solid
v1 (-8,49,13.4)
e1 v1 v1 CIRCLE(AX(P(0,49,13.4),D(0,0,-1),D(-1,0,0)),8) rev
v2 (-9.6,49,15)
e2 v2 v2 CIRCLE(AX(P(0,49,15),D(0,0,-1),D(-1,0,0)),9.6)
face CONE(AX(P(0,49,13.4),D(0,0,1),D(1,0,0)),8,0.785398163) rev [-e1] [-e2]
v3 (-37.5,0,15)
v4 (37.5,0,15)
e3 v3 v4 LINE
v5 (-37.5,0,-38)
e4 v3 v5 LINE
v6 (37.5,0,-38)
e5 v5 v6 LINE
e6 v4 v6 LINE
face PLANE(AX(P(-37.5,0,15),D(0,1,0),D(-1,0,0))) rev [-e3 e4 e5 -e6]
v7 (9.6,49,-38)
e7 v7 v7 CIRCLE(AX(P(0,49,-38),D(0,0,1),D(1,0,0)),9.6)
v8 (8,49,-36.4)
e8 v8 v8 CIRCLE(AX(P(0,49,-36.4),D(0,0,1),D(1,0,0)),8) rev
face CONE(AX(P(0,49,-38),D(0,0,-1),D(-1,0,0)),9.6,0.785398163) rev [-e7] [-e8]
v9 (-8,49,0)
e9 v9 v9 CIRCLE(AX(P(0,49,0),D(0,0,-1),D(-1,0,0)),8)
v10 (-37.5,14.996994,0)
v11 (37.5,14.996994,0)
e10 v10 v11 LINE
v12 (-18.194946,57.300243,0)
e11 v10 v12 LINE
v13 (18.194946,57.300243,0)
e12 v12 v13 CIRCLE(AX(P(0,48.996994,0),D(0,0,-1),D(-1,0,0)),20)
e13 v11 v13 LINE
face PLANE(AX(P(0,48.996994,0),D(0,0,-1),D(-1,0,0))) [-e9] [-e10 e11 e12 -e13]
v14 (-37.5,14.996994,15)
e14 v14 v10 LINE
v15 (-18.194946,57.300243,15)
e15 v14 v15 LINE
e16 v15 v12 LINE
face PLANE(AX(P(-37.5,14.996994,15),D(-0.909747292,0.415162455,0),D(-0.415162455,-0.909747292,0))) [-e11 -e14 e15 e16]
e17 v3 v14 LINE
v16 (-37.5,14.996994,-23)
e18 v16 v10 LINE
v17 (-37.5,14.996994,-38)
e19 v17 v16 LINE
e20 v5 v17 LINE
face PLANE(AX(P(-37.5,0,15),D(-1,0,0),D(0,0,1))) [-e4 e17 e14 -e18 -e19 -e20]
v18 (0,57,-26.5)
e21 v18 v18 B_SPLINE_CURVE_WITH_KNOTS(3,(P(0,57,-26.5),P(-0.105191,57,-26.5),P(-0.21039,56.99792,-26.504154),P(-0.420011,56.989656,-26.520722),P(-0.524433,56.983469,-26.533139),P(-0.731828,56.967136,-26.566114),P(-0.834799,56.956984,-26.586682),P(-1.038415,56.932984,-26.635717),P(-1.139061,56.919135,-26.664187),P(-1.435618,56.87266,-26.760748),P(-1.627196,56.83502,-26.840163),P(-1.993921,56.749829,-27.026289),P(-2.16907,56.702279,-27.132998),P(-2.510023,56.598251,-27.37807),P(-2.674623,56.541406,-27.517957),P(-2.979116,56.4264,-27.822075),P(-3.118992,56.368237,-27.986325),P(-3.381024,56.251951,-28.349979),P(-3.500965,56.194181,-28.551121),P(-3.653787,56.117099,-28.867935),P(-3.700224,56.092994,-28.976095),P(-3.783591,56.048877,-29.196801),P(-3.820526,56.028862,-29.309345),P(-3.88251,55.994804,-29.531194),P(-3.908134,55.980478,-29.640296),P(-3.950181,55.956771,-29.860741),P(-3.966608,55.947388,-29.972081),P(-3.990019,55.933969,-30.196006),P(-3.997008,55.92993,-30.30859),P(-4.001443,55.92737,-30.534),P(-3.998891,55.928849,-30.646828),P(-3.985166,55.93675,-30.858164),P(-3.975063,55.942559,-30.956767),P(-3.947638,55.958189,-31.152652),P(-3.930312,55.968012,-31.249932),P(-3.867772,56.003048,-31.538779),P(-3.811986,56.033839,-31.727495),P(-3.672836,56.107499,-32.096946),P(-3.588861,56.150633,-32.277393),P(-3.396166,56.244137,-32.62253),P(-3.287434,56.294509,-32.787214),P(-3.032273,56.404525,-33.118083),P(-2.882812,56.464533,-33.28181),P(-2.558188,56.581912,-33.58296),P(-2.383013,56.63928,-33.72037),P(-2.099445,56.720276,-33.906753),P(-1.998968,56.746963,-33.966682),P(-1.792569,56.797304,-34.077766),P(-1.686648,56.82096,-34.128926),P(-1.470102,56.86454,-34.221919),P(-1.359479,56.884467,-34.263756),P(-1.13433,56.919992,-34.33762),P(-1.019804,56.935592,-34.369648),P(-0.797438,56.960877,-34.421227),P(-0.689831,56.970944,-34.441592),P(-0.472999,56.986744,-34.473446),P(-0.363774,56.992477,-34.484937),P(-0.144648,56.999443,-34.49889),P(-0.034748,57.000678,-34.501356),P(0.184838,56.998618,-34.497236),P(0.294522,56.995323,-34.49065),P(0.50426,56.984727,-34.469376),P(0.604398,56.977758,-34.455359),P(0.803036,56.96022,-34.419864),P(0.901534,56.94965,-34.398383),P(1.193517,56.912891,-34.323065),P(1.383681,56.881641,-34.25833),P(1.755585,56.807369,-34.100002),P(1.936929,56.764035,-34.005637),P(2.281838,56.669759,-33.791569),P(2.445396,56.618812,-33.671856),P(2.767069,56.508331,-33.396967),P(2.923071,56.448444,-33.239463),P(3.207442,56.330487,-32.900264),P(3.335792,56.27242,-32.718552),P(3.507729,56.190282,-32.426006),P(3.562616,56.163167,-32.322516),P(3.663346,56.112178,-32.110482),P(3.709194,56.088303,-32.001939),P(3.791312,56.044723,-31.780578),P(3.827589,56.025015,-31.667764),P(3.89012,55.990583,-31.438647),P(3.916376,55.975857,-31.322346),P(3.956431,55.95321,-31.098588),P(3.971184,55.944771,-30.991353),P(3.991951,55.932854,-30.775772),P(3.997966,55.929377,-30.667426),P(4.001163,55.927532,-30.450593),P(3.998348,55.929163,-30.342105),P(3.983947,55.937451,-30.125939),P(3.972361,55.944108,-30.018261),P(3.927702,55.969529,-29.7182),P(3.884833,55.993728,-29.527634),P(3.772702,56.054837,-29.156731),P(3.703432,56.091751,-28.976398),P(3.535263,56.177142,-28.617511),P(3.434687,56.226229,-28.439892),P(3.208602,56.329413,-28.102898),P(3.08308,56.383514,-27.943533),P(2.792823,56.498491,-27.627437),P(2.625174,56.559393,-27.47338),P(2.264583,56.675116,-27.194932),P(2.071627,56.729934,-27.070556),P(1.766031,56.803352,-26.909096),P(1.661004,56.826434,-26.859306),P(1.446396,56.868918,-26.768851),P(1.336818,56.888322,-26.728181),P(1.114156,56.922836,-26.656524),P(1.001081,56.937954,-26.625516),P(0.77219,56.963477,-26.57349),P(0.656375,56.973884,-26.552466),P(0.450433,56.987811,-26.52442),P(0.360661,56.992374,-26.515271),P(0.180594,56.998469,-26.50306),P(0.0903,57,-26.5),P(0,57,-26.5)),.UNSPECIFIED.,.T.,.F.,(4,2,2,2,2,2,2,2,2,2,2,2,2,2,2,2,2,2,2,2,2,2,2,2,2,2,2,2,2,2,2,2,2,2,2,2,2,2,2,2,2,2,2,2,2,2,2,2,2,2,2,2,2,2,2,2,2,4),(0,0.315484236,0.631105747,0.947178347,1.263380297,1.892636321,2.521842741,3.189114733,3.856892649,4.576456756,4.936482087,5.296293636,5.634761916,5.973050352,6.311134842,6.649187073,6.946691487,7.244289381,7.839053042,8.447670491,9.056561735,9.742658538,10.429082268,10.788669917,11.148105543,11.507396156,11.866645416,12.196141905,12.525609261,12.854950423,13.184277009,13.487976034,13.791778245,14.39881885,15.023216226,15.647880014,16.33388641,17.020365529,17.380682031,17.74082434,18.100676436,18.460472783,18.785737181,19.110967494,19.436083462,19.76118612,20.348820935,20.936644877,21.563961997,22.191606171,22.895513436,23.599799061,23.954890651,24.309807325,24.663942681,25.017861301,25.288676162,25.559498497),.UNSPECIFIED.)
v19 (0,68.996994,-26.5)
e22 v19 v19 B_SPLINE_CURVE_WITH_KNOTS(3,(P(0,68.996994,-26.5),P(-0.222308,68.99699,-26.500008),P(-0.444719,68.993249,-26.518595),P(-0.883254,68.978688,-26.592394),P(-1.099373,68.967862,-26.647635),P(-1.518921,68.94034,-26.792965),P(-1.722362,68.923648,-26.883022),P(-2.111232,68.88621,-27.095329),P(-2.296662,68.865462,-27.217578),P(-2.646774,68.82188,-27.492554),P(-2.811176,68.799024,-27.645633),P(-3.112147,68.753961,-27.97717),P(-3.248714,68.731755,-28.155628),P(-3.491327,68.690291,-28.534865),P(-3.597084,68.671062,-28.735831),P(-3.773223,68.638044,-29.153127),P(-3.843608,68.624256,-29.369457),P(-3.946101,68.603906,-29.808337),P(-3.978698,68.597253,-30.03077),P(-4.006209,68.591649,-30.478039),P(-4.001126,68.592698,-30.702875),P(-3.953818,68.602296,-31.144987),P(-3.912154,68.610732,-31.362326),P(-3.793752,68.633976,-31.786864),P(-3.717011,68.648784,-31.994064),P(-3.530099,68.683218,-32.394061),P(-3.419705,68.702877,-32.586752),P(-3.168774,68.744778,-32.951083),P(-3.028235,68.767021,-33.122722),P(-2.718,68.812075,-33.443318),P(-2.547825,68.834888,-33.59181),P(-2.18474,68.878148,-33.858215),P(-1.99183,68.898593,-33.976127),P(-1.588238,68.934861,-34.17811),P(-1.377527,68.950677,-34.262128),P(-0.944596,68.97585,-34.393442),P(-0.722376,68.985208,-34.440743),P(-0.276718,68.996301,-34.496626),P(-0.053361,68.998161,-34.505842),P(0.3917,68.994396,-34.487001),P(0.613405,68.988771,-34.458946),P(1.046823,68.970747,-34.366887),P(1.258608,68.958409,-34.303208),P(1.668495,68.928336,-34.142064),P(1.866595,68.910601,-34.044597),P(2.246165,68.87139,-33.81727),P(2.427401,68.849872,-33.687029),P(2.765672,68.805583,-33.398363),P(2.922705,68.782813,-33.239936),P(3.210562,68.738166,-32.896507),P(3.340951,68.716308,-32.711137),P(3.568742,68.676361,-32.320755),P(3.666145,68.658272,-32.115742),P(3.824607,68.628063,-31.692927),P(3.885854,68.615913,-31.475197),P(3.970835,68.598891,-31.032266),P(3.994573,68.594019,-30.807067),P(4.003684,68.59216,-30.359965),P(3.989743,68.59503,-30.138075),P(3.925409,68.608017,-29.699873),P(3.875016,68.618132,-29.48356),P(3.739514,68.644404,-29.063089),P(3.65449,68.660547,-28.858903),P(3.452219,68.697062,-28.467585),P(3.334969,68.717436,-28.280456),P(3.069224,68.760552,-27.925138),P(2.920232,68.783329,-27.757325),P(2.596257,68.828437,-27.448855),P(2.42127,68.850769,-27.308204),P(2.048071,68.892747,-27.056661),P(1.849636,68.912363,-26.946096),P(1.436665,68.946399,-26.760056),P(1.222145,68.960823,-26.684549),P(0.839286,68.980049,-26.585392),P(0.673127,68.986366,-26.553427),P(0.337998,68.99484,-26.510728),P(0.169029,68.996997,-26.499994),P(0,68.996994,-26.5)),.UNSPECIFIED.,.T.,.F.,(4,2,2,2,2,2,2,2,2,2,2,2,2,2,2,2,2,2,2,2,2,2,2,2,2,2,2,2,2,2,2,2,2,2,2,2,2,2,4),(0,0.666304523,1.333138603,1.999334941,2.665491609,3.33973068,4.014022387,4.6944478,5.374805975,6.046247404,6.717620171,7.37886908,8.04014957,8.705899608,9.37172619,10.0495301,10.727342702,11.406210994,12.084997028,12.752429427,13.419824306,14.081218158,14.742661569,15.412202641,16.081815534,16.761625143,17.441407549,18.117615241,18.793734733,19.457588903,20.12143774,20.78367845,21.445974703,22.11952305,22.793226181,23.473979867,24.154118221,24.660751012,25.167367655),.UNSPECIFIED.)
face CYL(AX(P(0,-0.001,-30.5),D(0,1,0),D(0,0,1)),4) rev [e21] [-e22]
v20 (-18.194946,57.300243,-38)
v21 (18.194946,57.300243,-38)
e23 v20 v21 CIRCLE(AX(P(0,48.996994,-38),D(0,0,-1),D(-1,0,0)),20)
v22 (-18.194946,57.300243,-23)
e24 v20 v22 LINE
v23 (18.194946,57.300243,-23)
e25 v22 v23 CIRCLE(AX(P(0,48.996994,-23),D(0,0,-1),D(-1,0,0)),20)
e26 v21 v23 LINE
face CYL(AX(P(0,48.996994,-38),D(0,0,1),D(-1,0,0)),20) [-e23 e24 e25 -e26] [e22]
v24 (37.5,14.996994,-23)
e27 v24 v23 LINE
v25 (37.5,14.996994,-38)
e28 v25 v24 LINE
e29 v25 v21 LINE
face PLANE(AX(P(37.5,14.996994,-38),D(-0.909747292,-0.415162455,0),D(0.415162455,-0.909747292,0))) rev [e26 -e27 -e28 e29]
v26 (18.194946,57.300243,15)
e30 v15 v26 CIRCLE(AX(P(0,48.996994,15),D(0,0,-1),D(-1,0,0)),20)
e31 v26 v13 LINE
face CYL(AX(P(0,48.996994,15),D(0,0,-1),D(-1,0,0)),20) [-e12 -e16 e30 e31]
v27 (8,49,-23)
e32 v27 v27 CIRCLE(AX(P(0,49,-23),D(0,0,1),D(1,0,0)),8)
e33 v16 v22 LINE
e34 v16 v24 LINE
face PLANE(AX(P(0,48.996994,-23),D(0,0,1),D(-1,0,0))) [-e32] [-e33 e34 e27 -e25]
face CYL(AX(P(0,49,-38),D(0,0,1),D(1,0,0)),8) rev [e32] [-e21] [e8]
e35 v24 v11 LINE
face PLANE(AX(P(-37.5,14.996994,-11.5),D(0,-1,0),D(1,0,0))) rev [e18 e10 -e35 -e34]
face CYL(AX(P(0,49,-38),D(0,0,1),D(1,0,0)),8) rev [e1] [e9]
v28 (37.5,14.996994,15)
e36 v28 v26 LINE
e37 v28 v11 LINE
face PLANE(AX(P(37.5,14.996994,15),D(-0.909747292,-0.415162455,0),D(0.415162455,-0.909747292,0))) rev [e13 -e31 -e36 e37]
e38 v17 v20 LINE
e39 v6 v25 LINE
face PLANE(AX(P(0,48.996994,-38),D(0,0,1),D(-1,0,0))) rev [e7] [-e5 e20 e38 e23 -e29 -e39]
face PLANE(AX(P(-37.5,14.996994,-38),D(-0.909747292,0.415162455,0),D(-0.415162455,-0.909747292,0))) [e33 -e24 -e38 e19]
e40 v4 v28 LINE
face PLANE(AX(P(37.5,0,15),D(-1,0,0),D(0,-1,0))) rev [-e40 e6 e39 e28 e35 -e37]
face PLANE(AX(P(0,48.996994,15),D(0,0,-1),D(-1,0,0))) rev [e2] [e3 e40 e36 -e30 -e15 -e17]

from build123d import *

# Parameters (mm, degrees)
P_IDAT_VYSUNUT_M1_DEPTH       = 15
SKICA4_W                      = 75
SKICA4_H                      = 14.99699372
P_IDAT_VYSUNUT_M2_DEPTH       = 11.5
SKICA6_R                      = 8
ODEBRAT_VYSUNUT_M1_DEPTH      = 54
ODEBRAT_VYSUNUT_M2_REACH      = 71
ODEBRAT_VYSUNUT_M2_END_RADIUS = 8
SKICA7_R                      = 4
ZKOSEN_1_SIZE                 = 1.6


with BuildPart() as part:
    # Skica1 → Přidat vysunutím1 (new body)
    with BuildSketch(Plane.XY):
        with BuildLine():
            Line((-37.5, 0), (-37.5, 14.99699372))
            Line((-37.5, 14.99699372), (-18.194945848, 57.300242817))
            ThreePointArc((-18.194945848, 57.300242817), (0, 68.99699372), (18.194945848, 57.300242817))
            Line((18.194945848, 57.300242817), (37.5, 14.99699372))
            Line((37.5, 14.99699372), (37.5, 0))
            Line((37.5, 0), (-37.5, 0))
        make_face()
    extrude(amount=P_IDAT_VYSUNUT_M1_DEPTH)

    # Skica4 → Přidat vysunutím2 (add)
    with BuildSketch(Plane(origin=(0, 0, 0), x_dir=(-1, 0, 0), z_dir=(0, 0, -1))):
        with Locations((0, 7.49849686)):
            Rectangle(SKICA4_W, SKICA4_H)
    extrude(amount=P_IDAT_VYSUNUT_M2_DEPTH)

    # Zrcadlit1: part across plane


with BuildPart() as part_1:
    add(part.part)
    add(part.part.mirror(Plane.XY.offset(-11.5)))

    # Skica6 → Odebrat vysunutím1 (cut, through all)
    with BuildSketch(Plane.XY.offset(15)):
        with Locations((0, 49)):
            Circle(SKICA6_R)
    extrude(amount=-ODEBRAT_VYSUNUT_M1_DEPTH, mode=Mode.SUBTRACT)

    # Odebrat vysunutím2: up to this cylinder (the profile starts outside it)
    odebrat_vysunut_m2_end = Plane(origin=(0, 49, -30.5), z_dir=(0, 0, 1)) * Cylinder(ODEBRAT_VYSUNUT_M2_END_RADIUS, 159, mode=Mode.PRIVATE)
    # Skica7 → Odebrat vysunutím2 (cut, up to the surface)
    with BuildSketch(Plane(origin=(0, 69, 0), x_dir=(1, 0, 0), z_dir=(0, 1, 0)), mode=Mode.PRIVATE) as odebrat_vysunut_m2_sk1:
        with Locations(Location((0, 30.5, 0), (0, 0, 270))):  # turned: the seam where the file's is
            Circle(SKICA7_R)
    odebrat_vysunut_m2_tool1 = extrude(odebrat_vysunut_m2_sk1.sketch, amount=-ODEBRAT_VYSUNUT_M2_REACH, mode=Mode.PRIVATE) - odebrat_vysunut_m2_end
    add(odebrat_vysunut_m2_tool1.solids().sort_by_distance((0, 69, -30.5))[0], mode=Mode.SUBTRACT)

    # Zkosení1
    zkosen_1_edges = [part_1.edges().sort_by_distance(p)[0] for p in [
        (-8, 49, -38),
        (-8, 49, 15),
    ]]
    chamfer(zkosen_1_edges, length=ZKOSEN_1_SIZE)


solid = part_1.part
